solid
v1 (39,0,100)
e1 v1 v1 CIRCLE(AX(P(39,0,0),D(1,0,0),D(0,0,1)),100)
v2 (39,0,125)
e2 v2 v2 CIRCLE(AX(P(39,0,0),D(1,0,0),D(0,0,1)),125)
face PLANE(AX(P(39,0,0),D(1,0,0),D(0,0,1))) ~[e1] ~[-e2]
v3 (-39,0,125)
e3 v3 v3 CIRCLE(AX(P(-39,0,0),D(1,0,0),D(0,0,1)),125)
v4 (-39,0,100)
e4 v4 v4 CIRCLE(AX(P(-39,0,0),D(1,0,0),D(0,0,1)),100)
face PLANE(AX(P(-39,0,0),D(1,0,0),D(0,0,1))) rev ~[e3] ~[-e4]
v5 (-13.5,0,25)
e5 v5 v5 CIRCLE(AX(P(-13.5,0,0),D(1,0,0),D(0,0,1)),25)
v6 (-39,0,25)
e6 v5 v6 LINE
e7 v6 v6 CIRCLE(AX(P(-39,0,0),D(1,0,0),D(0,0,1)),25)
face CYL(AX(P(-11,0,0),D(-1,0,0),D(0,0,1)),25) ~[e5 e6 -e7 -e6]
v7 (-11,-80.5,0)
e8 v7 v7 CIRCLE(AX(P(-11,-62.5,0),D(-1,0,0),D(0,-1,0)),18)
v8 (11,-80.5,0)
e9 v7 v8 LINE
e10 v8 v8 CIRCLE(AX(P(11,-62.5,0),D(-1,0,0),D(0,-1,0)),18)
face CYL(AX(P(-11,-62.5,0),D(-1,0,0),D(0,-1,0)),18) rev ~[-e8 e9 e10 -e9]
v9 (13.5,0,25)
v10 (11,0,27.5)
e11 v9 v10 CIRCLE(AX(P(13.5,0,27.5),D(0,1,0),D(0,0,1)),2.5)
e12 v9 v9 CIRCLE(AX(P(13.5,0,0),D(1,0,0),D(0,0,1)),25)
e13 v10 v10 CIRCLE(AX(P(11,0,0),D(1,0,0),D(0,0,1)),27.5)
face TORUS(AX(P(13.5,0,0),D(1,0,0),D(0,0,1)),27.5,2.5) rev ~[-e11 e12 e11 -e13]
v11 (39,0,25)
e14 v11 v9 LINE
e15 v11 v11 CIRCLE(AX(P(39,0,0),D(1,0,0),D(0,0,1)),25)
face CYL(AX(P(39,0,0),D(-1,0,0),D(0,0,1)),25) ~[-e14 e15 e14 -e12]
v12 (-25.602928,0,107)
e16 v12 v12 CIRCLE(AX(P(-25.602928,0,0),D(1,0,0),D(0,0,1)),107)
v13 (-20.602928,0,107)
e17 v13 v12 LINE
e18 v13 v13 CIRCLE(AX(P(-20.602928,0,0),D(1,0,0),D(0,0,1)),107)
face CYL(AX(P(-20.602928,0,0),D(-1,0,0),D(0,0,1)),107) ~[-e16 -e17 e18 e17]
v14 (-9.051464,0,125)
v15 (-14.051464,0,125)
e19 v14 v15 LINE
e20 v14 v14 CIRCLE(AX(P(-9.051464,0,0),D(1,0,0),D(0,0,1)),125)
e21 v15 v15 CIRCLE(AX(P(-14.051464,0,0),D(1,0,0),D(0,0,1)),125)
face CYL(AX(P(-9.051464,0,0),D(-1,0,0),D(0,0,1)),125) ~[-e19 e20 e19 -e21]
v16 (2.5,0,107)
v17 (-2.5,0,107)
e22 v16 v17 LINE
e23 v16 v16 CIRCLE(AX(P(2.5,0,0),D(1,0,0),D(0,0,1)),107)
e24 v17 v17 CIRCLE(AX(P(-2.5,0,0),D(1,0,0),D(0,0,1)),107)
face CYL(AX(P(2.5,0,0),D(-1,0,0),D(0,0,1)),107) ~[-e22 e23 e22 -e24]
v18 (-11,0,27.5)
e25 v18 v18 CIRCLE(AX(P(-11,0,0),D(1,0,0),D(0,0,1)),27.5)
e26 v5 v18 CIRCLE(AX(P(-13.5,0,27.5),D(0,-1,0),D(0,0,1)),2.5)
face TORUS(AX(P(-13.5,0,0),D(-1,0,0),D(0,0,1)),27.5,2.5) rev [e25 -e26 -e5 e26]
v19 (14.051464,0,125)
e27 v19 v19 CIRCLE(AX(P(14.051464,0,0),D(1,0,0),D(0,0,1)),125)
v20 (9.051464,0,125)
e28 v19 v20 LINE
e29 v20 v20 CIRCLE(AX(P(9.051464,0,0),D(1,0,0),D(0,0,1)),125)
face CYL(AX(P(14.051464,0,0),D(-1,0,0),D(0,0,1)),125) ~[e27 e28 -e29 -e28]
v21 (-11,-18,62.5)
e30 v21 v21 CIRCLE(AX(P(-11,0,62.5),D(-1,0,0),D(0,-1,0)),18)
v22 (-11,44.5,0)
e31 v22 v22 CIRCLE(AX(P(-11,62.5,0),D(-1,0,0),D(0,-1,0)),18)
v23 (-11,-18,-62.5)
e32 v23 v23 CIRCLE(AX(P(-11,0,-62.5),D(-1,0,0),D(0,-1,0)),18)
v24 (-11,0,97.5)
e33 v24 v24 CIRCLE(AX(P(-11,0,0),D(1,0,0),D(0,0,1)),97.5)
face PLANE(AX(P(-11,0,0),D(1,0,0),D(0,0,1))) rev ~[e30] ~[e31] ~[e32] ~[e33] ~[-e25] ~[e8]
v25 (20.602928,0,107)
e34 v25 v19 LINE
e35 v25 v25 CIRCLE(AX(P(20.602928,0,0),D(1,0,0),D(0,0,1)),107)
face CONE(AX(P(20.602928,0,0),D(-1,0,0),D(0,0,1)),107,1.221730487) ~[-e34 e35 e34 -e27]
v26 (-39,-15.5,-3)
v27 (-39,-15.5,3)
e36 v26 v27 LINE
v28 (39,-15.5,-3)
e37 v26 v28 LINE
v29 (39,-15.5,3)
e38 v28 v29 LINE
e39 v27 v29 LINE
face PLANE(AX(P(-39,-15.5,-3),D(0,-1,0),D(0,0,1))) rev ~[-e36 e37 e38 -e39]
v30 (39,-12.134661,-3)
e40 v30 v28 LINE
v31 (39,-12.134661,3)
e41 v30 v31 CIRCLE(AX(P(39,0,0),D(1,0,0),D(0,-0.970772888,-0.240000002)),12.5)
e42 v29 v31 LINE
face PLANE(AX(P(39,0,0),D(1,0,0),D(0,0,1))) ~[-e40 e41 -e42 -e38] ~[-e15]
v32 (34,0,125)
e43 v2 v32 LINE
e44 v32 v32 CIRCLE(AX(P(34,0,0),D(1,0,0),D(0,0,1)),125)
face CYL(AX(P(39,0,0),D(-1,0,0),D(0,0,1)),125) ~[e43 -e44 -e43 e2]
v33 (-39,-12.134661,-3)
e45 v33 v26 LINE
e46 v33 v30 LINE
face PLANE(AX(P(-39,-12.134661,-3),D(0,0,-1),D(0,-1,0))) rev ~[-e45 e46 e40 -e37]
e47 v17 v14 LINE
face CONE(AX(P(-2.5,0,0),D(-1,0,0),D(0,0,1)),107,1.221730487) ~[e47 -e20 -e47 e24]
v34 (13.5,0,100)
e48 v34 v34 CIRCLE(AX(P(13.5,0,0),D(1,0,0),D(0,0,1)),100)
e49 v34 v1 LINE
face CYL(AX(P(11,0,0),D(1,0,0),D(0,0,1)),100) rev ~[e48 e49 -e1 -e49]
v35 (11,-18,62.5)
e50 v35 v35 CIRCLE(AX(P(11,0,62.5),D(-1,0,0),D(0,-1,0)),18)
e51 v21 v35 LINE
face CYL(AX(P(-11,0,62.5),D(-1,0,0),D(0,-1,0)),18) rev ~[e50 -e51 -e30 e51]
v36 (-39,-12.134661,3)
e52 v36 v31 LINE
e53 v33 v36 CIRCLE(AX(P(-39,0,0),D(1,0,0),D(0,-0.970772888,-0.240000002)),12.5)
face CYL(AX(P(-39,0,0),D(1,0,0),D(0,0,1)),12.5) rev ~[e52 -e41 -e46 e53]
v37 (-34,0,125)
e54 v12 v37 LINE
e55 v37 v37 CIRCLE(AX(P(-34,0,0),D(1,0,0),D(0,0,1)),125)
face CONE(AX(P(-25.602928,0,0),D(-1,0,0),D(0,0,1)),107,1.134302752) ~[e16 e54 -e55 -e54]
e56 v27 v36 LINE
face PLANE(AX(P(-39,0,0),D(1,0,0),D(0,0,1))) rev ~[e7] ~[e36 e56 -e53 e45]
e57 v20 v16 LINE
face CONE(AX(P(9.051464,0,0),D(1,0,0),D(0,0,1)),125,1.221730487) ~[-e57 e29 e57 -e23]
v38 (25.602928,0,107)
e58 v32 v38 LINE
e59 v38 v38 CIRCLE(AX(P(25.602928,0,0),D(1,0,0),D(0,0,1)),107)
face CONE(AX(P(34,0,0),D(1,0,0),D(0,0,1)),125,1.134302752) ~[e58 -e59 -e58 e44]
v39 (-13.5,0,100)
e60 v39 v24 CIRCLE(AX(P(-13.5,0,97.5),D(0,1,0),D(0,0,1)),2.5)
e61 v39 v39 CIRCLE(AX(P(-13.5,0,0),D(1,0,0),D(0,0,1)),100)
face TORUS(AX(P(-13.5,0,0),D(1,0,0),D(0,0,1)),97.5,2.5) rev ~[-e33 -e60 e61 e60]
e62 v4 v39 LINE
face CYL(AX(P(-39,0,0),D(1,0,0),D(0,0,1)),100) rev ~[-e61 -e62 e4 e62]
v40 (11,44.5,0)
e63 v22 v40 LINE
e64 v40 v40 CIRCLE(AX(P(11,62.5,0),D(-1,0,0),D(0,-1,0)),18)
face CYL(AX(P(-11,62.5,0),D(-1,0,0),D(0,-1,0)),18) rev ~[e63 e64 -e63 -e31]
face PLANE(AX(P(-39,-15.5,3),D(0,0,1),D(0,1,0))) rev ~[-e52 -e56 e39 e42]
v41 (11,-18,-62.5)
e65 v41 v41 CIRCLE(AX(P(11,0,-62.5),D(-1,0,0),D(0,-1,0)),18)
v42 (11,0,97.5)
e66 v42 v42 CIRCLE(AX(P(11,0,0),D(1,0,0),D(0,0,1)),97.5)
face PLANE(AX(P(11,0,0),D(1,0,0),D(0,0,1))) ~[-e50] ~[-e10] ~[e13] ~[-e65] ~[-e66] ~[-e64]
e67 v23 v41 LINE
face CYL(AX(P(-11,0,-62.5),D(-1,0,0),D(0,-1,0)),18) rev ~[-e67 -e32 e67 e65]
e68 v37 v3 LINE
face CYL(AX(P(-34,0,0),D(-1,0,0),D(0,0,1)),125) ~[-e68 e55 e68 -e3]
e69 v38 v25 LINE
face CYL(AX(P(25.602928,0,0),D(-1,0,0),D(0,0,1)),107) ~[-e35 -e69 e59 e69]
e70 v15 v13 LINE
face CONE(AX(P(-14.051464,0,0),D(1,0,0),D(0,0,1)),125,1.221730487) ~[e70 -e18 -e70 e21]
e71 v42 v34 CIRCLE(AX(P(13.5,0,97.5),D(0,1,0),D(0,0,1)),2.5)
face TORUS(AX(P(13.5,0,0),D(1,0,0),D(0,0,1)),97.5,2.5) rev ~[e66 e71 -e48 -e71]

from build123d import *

# Parameters (mm, degrees)
F2_R     = 18
F3_DEPTH = 50.001
F5_DEPTH = 78.001
F6_R     = 2.5


with BuildPart() as f1:
    # F0 (on Front) → F1 (revolve)
    with BuildSketch(Plane.XZ):
        Polygon((-11, 25), (-39, 25), (-39, 12.5), (39, 12.5), (39, 25), (11, 25), (11, 100), (39, 100), (39, 125), (34, 125), (25.602928, 107), (20.602928, 107), (14.051464, 125), (9.051464, 125), (2.5, 107), (-2.5, 107), (-9.051464, 125), (-14.051464, 125), (-20.602928, 107), (-25.602928, 107), (-34, 125), (-39, 125), (-39, 100), (-11, 100), align=None)
    revolve(axis=Axis((0, 0, 0), (1, 0, 0)))

    # F2 (on face) → F3 (cut, through all)
    with BuildSketch(Plane(origin=(-11, 0, 0), x_dir=(0, -1, 0), z_dir=(-1, 0, 0))):
        with Locations((-62.5, 0)):
            Circle(F2_R)
        with Locations((0, -62.5)):
            Circle(F2_R)
        with Locations((62.5, 0)):
            Circle(F2_R)
        with Locations((0, 62.5)):
            Circle(F2_R)
    extrude(amount=-F3_DEPTH, mode=Mode.SUBTRACT)

    # F4 (on face) → F5 (cut, through all)
    with BuildSketch(Plane(origin=(-39, 0, 0), x_dir=(0, -1, 0), z_dir=(-1, 0, 0))):
        with BuildLine():
            Line((15.5, 3), (12.134661, 3))
            ThreePointArc((12.134661, 3), (12.408329, 1.511082), (12.5, 0))
            ThreePointArc((12.5, 0), (12.408329, -1.511082), (12.134661, -3))
            Line((12.134661, -3), (15.5, -3))
            Line((15.5, -3), (15.5, 3))
        make_face()
    extrude(amount=-F5_DEPTH, mode=Mode.SUBTRACT)

    # F6
    f6_edges = [f1.edges().sort_by_distance(p)[0] for p in [
        (-11, 0, -100),
        (-11, 0, -25),
        (11, 0, -25),
        (11, 0, -100),
    ]]
    fillet(f6_edges, radius=F6_R)


solid = f1.part
